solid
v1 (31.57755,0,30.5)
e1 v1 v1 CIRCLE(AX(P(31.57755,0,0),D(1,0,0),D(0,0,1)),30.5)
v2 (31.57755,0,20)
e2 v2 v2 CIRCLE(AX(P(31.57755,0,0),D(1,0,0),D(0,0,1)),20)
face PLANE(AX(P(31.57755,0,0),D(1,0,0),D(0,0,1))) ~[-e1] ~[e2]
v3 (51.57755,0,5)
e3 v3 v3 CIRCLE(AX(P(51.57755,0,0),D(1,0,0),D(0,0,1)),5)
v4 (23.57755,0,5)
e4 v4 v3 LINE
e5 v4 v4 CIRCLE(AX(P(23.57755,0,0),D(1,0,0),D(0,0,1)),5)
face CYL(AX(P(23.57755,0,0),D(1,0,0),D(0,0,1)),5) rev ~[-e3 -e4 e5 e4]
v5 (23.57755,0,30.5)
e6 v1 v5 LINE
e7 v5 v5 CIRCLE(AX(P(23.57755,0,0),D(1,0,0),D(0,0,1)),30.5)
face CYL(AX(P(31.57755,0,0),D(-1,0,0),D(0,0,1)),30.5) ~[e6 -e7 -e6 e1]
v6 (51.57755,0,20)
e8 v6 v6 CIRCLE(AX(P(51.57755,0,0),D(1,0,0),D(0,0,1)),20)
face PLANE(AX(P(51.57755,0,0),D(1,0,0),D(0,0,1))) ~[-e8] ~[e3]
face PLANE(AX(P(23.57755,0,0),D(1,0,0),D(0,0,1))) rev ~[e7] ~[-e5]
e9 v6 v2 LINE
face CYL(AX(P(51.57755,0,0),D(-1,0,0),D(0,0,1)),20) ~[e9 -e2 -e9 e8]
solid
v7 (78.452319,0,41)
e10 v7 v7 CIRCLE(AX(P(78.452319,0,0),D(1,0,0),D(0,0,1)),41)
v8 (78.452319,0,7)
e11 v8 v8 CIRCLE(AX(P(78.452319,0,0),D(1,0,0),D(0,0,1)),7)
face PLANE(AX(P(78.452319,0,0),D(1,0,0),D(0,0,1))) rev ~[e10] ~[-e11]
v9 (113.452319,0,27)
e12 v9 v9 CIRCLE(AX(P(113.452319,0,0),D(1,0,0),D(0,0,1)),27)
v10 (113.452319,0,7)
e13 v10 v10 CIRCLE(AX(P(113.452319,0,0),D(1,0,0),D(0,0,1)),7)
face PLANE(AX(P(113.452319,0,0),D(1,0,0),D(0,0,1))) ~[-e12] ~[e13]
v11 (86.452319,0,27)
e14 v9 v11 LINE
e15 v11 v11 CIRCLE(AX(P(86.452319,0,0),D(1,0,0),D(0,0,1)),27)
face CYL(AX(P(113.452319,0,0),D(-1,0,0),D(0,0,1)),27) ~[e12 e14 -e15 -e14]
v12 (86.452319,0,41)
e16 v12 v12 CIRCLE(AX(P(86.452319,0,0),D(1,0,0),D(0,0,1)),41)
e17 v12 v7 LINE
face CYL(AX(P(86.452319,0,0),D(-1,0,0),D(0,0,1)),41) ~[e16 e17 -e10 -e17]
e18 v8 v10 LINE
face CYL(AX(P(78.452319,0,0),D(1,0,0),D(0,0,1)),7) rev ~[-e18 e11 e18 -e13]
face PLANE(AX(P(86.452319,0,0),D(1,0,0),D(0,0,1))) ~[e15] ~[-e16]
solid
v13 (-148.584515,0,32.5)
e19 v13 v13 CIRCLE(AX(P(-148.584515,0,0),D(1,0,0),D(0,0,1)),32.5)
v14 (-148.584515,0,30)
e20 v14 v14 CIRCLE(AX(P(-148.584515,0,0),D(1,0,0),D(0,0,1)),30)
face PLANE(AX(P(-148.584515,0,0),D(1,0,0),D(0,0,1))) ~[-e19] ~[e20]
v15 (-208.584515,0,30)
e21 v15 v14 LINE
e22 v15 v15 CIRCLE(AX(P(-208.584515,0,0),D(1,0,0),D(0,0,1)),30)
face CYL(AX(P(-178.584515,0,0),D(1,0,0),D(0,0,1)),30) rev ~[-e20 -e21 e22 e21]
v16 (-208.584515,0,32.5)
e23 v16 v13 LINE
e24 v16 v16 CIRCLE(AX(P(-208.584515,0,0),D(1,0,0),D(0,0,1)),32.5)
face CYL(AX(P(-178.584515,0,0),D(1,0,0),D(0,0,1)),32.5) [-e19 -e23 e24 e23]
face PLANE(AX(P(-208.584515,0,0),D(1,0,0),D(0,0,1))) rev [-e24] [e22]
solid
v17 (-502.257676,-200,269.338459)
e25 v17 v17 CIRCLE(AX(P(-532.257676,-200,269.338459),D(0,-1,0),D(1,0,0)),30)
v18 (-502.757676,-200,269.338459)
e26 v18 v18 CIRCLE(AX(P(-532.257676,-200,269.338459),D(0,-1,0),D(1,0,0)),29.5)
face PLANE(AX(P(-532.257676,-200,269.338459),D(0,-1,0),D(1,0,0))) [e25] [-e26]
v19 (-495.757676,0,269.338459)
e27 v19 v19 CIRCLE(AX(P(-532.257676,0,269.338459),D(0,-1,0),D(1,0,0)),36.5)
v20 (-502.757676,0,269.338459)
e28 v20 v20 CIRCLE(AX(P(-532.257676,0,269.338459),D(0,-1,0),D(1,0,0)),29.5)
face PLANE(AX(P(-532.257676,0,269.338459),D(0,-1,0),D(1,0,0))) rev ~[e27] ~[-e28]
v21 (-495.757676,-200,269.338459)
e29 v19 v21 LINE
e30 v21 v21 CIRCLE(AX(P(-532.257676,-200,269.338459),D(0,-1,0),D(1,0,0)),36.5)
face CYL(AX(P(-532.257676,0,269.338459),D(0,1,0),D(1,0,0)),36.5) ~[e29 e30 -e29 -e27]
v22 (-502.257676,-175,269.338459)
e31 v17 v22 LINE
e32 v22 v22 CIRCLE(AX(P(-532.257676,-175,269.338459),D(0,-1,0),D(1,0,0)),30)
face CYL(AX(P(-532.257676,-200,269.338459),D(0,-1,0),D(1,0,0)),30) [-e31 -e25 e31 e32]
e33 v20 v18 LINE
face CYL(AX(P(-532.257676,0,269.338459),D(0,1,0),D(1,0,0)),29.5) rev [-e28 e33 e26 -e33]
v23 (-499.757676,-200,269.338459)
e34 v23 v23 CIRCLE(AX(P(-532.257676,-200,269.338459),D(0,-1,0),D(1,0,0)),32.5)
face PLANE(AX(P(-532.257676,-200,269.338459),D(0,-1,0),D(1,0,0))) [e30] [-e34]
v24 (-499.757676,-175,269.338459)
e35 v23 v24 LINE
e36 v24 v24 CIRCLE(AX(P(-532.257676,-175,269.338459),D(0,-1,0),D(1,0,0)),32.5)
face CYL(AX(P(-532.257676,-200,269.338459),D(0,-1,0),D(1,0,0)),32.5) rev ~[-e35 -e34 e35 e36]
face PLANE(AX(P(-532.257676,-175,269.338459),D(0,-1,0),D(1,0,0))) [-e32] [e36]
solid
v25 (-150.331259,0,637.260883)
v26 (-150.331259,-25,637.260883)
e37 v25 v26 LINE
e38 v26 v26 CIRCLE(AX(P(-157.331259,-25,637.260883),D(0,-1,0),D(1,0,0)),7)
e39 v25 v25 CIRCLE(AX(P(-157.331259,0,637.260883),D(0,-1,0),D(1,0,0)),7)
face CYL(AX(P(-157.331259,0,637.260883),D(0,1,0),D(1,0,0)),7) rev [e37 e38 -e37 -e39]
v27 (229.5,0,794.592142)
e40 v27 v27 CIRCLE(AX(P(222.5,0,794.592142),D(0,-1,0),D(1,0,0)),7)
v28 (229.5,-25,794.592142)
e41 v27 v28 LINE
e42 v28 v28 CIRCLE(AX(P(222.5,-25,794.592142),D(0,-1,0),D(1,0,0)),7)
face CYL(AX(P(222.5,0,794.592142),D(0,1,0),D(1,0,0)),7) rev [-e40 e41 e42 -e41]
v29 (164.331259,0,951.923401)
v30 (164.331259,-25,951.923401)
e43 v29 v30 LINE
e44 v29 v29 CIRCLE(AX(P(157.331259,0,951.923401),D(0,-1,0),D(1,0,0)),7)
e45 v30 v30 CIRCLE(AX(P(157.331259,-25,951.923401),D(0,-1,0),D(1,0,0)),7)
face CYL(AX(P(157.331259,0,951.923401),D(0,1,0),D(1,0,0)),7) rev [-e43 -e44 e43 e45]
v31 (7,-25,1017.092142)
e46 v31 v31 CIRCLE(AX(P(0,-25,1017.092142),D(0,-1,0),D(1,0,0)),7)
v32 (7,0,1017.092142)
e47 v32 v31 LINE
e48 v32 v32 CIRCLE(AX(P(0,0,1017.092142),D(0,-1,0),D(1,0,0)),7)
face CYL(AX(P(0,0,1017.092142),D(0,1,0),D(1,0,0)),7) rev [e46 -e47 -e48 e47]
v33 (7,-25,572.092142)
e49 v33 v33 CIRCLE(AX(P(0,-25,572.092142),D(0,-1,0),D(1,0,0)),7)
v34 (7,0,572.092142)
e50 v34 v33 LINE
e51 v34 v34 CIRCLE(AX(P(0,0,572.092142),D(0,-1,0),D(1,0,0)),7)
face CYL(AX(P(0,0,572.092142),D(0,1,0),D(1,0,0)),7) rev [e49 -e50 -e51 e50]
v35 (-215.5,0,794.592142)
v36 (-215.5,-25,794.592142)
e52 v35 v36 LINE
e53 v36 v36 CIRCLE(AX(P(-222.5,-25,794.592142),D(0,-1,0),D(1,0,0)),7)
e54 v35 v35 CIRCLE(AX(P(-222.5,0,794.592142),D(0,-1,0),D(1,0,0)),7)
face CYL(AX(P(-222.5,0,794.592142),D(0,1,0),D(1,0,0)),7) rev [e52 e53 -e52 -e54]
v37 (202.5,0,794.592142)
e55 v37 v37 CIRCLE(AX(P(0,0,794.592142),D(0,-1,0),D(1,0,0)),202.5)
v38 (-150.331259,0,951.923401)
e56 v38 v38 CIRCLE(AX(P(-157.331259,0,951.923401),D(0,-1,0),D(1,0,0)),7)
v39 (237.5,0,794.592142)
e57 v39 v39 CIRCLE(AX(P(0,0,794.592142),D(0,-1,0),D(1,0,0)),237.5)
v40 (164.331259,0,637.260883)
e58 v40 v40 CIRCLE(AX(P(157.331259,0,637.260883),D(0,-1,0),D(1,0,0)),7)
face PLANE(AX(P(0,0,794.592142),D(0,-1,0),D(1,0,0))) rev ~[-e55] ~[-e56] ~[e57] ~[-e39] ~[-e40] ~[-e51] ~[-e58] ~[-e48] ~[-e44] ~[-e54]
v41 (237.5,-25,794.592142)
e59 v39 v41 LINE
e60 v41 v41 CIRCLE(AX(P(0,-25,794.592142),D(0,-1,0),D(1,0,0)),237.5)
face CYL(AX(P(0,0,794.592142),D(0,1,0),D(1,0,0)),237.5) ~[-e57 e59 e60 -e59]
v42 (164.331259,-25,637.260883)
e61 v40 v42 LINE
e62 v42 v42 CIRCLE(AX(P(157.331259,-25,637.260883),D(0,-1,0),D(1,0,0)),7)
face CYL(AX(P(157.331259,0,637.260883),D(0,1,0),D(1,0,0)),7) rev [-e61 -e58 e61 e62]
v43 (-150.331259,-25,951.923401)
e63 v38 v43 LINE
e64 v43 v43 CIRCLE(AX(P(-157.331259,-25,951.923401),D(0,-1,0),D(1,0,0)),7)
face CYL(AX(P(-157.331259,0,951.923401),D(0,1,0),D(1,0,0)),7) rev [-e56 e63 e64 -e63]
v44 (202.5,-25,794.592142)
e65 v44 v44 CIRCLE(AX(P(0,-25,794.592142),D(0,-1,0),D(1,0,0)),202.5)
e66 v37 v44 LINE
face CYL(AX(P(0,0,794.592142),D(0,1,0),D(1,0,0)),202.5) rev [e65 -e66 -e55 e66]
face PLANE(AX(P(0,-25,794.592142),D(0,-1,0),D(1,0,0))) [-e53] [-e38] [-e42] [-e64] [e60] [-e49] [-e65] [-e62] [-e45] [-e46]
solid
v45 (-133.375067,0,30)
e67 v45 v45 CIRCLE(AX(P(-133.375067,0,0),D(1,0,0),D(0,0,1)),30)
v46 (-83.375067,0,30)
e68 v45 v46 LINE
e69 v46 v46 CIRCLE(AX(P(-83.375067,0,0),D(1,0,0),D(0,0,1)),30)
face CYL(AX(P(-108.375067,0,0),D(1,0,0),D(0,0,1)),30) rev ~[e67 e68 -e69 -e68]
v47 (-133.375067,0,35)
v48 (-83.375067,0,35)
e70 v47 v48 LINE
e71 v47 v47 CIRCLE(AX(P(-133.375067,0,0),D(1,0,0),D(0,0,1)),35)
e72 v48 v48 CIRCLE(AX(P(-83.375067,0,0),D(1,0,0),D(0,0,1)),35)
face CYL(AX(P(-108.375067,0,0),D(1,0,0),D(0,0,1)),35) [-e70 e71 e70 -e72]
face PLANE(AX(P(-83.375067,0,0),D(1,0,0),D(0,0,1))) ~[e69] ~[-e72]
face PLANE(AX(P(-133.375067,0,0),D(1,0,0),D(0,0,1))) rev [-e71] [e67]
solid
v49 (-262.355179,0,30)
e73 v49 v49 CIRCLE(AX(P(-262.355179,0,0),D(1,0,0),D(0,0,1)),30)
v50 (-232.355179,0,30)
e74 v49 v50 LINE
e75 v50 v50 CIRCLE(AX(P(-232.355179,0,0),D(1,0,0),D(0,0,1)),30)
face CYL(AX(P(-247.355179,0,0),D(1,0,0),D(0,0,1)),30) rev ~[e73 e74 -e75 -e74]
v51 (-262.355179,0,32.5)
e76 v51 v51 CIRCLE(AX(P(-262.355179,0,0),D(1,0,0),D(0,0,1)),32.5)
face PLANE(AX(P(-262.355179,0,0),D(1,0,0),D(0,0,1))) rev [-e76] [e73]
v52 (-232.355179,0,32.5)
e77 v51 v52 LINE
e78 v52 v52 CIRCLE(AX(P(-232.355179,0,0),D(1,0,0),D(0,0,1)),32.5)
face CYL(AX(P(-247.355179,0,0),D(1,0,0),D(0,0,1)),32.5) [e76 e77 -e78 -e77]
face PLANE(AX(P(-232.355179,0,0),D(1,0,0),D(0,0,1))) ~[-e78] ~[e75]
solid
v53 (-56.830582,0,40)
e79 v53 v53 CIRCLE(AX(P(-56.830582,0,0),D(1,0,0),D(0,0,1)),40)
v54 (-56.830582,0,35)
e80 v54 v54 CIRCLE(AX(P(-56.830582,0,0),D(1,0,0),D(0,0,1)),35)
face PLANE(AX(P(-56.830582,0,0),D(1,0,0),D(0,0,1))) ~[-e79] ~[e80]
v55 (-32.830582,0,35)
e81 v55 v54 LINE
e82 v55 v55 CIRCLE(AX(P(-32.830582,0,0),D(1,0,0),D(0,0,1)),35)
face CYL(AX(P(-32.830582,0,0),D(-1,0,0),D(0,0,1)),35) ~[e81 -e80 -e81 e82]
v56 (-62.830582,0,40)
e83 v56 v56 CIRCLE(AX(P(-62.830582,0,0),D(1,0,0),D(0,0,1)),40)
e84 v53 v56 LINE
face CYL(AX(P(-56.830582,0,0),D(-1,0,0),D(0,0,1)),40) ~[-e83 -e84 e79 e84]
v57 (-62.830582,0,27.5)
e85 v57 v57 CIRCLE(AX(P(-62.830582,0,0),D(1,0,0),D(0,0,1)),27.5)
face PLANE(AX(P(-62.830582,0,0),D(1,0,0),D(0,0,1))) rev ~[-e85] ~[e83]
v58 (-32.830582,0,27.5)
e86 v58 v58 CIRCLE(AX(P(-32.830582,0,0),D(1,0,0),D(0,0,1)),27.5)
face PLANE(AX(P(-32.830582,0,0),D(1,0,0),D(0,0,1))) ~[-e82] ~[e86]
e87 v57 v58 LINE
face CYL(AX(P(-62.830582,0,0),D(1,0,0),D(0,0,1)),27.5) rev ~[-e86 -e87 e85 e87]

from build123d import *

# Parameters (mm, degrees)
F4_R     = 237.5
F4_R_2   = 7
F4_R_3   = 202.5
F5_DEPTH = 25
F6_R     = 36.5
F6_R_2   = 30.15
F6_R_3   = 29.5
F7_DEPTH = 200
F8_R     = 32.5
F8_R_2   = 30
F9_DEPTH = 25
F10_W    = 50
F10_H    = 5
F12_W    = 60
F12_H    = 2.5
F12_W_2  = 30


with BuildPart() as f1:
    # F0 (on Front) → F1 (revolve)
    with BuildSketch(Plane.XZ):
        Polygon((-62.830582, 27.5), (-32.830582, 27.5), (-32.830582, 35), (-56.830582, 35), (-56.830582, 40), (-62.830582, 40), align=None)
    revolve(axis=Axis((-5.295847, 0, 0), (1, 0, 0)))


with BuildPart() as f3:
    # F2 (on Front) → F3 (revolve)
    with BuildSketch(Plane.XZ):
        Polygon((31.57755, 30.5), (23.57755, 30.5), (23.57755, 5), (51.57755, 5), (51.57755, 20), (31.57755, 20), align=None)
        Polygon((78.452319, 41), (78.452319, 7), (113.452319, 7), (113.452319, 27), (86.452319, 27), (86.452319, 41), align=None)
    revolve(axis=Axis((-5.295847, 0, 0), (1, 0, 0)))


with BuildPart() as f5:
    # F4 (on Front) → F5 (new body)
    with BuildSketch(Plane.XZ):
        with Locations((0, 794.592142)):
            Circle(F4_R)
        with Locations((-157.331259, 637.260883)):
            Circle(F4_R_2, mode=Mode.SUBTRACT)
        with Locations((0, 572.092142)):
            Circle(F4_R_2, mode=Mode.SUBTRACT)
        with Locations((157.331259, 637.260883)):
            Circle(F4_R_2, mode=Mode.SUBTRACT)
        with Locations((-222.5, 794.592142)):
            Circle(F4_R_2, mode=Mode.SUBTRACT)
        with Locations((-157.331259, 951.923401)):
            Circle(F4_R_2, mode=Mode.SUBTRACT)
        with Locations((0, 794.592142)):
            Circle(F4_R_3, mode=Mode.SUBTRACT)
        with Locations((222.5, 794.592142)):
            Circle(F4_R_2, mode=Mode.SUBTRACT)
        with Locations((0, 1017.092142)):
            Circle(F4_R_2, mode=Mode.SUBTRACT)
        with Locations((157.331259, 951.923401)):
            Circle(F4_R_2, mode=Mode.SUBTRACT)
    extrude(amount=F5_DEPTH)


with BuildPart() as f7:
    # F6 (on Front) → F7 (new body)
    with BuildSketch(Plane.XZ):
        with Locations((-532.257676, 269.338459)):
            Circle(F6_R)
        with Locations((-532.257676, 269.338459)):
            Circle(F6_R_2, mode=Mode.SUBTRACT)
        with Locations((-532.257676, 269.338459)):
            Circle(F6_R_2)
        with Locations((-532.257676, 269.338459)):
            Circle(F6_R_3, mode=Mode.SUBTRACT)
    extrude(amount=F7_DEPTH)

    # F8 (on face) → F9 (cut)
    with BuildSketch(Plane.XZ.offset(200)):
        with Locations((-532.257676, 269.338459)):
            Circle(F8_R)
        with Locations((-532.257676, 269.338459)):
            Circle(F8_R_2, mode=Mode.SUBTRACT)
    extrude(amount=-F9_DEPTH, mode=Mode.SUBTRACT)


with BuildPart() as f11:
    # F10 (on Front) → F11 (revolve)
    with BuildSketch(Plane.XZ):
        with Locations((-108.375067, 32.5)):
            Rectangle(F10_W, F10_H)
    revolve(axis=Axis((-5.295847, 0, 0), (1, 0, 0)))


with BuildPart() as f13:
    # F12 (on Front) → F13 (revolve)
    with BuildSketch(Plane.XZ):
        with Locations((-178.584515, 31.25)):
            Rectangle(F12_W, F12_H)
        with Locations((-247.355179, 31.25)):
            Rectangle(F12_W_2, F12_H)
    revolve(axis=Axis((-5.295847, 0, 0), (1, 0, 0)))


solid = Compound([f1.part, f3.part, f5.part, f7.part, f11.part, f13.part])
